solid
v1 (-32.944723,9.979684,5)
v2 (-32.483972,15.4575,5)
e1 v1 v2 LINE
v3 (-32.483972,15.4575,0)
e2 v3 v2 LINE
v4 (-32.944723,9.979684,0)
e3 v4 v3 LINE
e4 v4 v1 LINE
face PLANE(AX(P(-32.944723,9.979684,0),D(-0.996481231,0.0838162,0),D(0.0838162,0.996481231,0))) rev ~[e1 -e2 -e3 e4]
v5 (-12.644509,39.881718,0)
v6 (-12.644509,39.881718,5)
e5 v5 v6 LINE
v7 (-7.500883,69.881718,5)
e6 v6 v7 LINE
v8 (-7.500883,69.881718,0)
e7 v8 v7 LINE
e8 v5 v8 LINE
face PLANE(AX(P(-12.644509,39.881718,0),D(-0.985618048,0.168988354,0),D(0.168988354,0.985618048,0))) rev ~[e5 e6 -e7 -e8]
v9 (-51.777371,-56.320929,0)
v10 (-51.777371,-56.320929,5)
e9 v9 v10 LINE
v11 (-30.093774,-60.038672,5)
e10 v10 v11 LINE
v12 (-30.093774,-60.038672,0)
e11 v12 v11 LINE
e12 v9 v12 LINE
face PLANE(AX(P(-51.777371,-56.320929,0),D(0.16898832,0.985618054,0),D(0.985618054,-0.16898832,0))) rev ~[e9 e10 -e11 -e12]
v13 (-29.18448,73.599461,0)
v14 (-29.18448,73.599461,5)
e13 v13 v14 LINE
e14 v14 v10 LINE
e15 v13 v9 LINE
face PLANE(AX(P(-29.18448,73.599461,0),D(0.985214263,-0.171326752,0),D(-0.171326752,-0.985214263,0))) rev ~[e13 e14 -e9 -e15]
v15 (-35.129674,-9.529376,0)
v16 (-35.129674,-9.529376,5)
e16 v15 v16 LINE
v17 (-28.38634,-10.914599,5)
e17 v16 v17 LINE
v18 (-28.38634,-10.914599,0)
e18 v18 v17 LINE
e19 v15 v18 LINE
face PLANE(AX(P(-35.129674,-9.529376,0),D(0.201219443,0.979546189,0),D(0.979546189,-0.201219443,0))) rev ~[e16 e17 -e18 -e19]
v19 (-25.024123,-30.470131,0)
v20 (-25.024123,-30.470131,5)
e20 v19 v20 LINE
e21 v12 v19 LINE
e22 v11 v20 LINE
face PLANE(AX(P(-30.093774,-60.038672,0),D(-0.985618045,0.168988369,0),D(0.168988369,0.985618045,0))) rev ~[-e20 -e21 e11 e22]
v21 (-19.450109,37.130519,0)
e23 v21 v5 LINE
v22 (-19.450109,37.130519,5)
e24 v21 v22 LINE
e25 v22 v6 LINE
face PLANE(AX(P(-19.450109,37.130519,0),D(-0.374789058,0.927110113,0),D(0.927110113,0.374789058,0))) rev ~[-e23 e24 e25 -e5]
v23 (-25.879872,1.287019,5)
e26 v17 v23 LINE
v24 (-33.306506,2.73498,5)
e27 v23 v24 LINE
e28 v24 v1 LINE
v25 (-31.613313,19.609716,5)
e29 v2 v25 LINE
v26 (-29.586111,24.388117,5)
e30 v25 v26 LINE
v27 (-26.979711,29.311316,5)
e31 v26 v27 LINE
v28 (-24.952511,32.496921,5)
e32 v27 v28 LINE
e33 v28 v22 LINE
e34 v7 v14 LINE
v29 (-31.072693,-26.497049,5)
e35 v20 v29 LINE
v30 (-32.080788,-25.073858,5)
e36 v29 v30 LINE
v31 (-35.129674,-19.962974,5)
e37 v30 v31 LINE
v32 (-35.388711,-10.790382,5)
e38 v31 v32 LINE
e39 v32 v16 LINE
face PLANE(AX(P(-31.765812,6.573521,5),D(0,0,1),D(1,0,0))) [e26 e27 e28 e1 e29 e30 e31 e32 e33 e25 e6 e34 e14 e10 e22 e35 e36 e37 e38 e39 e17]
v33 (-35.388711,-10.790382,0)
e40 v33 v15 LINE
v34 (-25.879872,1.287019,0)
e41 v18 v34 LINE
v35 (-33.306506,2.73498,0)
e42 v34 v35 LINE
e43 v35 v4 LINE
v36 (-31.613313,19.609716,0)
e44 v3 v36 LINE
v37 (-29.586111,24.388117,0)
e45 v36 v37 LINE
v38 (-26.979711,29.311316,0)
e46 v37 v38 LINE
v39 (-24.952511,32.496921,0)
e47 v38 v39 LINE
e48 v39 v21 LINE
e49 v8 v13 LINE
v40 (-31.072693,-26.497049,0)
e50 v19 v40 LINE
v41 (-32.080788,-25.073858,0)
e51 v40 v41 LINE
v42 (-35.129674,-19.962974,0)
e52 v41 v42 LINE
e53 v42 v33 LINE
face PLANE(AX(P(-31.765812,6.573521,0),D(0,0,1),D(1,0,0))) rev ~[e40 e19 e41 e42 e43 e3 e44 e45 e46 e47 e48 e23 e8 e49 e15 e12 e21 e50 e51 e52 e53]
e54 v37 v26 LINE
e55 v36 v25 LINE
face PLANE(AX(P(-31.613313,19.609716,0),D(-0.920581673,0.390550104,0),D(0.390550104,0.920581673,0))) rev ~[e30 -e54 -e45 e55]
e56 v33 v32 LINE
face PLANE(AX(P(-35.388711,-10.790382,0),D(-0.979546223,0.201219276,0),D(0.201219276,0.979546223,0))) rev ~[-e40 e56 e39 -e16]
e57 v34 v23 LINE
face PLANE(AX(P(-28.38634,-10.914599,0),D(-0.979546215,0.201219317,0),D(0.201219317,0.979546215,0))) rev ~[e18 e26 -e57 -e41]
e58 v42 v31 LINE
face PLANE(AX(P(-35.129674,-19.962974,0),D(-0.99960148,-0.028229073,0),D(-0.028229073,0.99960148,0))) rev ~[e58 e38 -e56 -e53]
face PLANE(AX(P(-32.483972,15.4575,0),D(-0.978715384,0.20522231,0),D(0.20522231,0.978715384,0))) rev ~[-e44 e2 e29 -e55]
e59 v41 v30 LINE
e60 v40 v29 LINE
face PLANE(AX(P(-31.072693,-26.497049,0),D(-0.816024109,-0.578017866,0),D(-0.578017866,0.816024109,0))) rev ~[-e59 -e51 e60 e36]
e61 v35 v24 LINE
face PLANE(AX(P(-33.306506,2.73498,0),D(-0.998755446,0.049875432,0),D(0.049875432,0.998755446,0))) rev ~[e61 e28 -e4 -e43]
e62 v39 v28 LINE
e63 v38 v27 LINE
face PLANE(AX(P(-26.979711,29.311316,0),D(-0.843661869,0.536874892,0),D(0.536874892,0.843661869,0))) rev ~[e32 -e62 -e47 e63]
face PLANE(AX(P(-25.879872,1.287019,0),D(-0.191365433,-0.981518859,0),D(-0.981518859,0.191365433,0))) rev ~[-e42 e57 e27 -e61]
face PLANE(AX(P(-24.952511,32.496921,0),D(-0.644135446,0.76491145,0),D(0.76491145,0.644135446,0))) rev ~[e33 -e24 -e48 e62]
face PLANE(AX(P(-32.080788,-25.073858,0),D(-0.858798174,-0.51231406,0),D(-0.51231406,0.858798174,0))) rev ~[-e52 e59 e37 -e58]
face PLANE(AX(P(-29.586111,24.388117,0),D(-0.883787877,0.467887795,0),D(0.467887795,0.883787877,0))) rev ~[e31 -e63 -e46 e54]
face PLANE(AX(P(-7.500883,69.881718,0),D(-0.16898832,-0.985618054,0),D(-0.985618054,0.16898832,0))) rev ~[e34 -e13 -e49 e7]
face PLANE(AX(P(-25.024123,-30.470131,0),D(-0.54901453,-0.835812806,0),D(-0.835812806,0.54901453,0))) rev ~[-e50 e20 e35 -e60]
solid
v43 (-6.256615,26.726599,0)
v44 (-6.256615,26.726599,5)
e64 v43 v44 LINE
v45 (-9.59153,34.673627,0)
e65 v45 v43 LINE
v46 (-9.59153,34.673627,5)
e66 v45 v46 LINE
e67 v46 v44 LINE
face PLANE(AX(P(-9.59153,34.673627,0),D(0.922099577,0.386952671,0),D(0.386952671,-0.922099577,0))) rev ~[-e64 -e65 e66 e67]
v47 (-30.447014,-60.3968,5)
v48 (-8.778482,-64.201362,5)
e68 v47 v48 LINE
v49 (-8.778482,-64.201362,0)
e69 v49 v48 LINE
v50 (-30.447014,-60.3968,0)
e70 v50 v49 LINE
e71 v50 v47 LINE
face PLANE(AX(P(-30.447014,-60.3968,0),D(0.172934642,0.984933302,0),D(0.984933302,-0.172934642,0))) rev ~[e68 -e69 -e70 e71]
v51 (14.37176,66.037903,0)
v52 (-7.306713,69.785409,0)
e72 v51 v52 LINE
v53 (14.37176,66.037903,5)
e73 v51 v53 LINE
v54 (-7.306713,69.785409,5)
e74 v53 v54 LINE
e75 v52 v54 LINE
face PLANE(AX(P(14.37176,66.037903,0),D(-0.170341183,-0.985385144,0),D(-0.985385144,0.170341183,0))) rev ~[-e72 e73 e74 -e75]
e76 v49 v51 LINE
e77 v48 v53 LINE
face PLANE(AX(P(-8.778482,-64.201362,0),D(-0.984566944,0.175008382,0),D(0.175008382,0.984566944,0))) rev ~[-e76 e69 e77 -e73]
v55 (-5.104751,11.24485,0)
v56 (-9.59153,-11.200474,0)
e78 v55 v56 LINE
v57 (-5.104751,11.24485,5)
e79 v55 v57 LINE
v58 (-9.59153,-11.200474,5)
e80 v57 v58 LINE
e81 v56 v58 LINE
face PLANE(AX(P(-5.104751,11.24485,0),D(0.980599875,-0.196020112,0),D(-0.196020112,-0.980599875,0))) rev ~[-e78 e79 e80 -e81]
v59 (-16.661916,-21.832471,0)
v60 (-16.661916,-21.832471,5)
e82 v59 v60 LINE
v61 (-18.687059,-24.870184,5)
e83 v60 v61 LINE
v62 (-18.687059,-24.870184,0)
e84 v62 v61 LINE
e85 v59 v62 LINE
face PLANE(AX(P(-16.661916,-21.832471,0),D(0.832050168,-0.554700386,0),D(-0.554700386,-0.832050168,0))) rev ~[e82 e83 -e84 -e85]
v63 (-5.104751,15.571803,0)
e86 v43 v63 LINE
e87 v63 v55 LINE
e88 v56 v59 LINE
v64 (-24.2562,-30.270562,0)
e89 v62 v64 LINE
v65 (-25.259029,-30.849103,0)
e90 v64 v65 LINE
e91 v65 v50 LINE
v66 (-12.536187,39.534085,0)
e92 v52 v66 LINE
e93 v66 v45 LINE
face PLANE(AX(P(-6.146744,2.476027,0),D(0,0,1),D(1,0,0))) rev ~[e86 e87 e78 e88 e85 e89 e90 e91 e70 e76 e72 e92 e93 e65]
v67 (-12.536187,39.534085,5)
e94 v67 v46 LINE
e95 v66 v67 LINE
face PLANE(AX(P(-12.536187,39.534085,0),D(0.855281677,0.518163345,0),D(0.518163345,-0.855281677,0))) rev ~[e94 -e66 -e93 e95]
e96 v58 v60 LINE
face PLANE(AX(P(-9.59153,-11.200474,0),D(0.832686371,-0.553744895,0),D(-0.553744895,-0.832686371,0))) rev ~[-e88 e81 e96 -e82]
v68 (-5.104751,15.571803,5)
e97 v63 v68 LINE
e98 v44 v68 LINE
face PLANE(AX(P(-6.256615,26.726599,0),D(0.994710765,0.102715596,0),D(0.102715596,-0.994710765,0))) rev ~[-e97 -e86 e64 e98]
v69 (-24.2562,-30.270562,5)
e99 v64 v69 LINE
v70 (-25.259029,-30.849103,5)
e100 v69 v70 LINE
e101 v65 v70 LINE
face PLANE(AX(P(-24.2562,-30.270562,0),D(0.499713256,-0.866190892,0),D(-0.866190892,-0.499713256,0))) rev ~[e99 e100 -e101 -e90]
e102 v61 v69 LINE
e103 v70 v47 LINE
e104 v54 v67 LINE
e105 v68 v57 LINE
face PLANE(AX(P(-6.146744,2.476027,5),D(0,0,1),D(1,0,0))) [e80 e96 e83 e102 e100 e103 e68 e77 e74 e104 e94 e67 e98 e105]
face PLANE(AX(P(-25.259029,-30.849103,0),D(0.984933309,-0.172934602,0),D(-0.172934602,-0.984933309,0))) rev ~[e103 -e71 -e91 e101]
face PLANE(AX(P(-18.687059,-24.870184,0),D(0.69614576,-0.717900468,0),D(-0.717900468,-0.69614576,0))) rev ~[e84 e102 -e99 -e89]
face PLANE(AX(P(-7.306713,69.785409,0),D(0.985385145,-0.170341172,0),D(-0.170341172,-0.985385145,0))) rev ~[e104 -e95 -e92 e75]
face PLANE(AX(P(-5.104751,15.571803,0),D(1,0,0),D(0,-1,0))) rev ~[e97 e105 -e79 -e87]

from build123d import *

# Parameters (mm, degrees)
F2_DEPTH = 5
F4_DEPTH = 5


with BuildPart() as f2:
    # F1 (on Top) → F2 (new body)
    with BuildSketch(Plane.XY):
        Polygon((-19.450109, 37.130519), (-12.644509, 39.881718), (-7.500883, 69.881718), (-29.18448, 73.599461), (-51.777371, -56.320929), (-30.093774, -60.038672), (-25.024123, -30.470131), (-31.072693, -26.497049), (-32.080788, -25.073858), (-35.129674, -19.962974), (-35.388711, -10.790382), (-35.129674, -9.529376), (-28.38634, -10.914599), (-25.879872, 1.287019), (-33.306506, 2.73498), (-32.944723, 9.979684), (-32.483972, 15.4575), (-31.613313, 19.609716), (-29.586111, 24.388117), (-26.979711, 29.311316), (-24.952511, 32.496921), align=None)
    extrude(amount=F2_DEPTH)


with BuildPart() as f4:
    # F3 (on Top) → F4 (new body)
    with BuildSketch(Plane.XY):
        Polygon((-7.306713, 69.785409), (-12.536187, 39.534085), (-9.59153, 34.673627), (-6.256615, 26.726599), (-5.104751, 15.571803), (-5.104751, 11.24485), (-9.59153, -11.200474), (-16.661916, -21.832471), (-18.687059, -24.870184), (-24.2562, -30.270562), (-25.259029, -30.849103), (-30.447014, -60.3968), (-8.778482, -64.201362), (14.37176, 66.037903), align=None)
    extrude(amount=F4_DEPTH)


solid = Compound([f2.part, f4.part])
